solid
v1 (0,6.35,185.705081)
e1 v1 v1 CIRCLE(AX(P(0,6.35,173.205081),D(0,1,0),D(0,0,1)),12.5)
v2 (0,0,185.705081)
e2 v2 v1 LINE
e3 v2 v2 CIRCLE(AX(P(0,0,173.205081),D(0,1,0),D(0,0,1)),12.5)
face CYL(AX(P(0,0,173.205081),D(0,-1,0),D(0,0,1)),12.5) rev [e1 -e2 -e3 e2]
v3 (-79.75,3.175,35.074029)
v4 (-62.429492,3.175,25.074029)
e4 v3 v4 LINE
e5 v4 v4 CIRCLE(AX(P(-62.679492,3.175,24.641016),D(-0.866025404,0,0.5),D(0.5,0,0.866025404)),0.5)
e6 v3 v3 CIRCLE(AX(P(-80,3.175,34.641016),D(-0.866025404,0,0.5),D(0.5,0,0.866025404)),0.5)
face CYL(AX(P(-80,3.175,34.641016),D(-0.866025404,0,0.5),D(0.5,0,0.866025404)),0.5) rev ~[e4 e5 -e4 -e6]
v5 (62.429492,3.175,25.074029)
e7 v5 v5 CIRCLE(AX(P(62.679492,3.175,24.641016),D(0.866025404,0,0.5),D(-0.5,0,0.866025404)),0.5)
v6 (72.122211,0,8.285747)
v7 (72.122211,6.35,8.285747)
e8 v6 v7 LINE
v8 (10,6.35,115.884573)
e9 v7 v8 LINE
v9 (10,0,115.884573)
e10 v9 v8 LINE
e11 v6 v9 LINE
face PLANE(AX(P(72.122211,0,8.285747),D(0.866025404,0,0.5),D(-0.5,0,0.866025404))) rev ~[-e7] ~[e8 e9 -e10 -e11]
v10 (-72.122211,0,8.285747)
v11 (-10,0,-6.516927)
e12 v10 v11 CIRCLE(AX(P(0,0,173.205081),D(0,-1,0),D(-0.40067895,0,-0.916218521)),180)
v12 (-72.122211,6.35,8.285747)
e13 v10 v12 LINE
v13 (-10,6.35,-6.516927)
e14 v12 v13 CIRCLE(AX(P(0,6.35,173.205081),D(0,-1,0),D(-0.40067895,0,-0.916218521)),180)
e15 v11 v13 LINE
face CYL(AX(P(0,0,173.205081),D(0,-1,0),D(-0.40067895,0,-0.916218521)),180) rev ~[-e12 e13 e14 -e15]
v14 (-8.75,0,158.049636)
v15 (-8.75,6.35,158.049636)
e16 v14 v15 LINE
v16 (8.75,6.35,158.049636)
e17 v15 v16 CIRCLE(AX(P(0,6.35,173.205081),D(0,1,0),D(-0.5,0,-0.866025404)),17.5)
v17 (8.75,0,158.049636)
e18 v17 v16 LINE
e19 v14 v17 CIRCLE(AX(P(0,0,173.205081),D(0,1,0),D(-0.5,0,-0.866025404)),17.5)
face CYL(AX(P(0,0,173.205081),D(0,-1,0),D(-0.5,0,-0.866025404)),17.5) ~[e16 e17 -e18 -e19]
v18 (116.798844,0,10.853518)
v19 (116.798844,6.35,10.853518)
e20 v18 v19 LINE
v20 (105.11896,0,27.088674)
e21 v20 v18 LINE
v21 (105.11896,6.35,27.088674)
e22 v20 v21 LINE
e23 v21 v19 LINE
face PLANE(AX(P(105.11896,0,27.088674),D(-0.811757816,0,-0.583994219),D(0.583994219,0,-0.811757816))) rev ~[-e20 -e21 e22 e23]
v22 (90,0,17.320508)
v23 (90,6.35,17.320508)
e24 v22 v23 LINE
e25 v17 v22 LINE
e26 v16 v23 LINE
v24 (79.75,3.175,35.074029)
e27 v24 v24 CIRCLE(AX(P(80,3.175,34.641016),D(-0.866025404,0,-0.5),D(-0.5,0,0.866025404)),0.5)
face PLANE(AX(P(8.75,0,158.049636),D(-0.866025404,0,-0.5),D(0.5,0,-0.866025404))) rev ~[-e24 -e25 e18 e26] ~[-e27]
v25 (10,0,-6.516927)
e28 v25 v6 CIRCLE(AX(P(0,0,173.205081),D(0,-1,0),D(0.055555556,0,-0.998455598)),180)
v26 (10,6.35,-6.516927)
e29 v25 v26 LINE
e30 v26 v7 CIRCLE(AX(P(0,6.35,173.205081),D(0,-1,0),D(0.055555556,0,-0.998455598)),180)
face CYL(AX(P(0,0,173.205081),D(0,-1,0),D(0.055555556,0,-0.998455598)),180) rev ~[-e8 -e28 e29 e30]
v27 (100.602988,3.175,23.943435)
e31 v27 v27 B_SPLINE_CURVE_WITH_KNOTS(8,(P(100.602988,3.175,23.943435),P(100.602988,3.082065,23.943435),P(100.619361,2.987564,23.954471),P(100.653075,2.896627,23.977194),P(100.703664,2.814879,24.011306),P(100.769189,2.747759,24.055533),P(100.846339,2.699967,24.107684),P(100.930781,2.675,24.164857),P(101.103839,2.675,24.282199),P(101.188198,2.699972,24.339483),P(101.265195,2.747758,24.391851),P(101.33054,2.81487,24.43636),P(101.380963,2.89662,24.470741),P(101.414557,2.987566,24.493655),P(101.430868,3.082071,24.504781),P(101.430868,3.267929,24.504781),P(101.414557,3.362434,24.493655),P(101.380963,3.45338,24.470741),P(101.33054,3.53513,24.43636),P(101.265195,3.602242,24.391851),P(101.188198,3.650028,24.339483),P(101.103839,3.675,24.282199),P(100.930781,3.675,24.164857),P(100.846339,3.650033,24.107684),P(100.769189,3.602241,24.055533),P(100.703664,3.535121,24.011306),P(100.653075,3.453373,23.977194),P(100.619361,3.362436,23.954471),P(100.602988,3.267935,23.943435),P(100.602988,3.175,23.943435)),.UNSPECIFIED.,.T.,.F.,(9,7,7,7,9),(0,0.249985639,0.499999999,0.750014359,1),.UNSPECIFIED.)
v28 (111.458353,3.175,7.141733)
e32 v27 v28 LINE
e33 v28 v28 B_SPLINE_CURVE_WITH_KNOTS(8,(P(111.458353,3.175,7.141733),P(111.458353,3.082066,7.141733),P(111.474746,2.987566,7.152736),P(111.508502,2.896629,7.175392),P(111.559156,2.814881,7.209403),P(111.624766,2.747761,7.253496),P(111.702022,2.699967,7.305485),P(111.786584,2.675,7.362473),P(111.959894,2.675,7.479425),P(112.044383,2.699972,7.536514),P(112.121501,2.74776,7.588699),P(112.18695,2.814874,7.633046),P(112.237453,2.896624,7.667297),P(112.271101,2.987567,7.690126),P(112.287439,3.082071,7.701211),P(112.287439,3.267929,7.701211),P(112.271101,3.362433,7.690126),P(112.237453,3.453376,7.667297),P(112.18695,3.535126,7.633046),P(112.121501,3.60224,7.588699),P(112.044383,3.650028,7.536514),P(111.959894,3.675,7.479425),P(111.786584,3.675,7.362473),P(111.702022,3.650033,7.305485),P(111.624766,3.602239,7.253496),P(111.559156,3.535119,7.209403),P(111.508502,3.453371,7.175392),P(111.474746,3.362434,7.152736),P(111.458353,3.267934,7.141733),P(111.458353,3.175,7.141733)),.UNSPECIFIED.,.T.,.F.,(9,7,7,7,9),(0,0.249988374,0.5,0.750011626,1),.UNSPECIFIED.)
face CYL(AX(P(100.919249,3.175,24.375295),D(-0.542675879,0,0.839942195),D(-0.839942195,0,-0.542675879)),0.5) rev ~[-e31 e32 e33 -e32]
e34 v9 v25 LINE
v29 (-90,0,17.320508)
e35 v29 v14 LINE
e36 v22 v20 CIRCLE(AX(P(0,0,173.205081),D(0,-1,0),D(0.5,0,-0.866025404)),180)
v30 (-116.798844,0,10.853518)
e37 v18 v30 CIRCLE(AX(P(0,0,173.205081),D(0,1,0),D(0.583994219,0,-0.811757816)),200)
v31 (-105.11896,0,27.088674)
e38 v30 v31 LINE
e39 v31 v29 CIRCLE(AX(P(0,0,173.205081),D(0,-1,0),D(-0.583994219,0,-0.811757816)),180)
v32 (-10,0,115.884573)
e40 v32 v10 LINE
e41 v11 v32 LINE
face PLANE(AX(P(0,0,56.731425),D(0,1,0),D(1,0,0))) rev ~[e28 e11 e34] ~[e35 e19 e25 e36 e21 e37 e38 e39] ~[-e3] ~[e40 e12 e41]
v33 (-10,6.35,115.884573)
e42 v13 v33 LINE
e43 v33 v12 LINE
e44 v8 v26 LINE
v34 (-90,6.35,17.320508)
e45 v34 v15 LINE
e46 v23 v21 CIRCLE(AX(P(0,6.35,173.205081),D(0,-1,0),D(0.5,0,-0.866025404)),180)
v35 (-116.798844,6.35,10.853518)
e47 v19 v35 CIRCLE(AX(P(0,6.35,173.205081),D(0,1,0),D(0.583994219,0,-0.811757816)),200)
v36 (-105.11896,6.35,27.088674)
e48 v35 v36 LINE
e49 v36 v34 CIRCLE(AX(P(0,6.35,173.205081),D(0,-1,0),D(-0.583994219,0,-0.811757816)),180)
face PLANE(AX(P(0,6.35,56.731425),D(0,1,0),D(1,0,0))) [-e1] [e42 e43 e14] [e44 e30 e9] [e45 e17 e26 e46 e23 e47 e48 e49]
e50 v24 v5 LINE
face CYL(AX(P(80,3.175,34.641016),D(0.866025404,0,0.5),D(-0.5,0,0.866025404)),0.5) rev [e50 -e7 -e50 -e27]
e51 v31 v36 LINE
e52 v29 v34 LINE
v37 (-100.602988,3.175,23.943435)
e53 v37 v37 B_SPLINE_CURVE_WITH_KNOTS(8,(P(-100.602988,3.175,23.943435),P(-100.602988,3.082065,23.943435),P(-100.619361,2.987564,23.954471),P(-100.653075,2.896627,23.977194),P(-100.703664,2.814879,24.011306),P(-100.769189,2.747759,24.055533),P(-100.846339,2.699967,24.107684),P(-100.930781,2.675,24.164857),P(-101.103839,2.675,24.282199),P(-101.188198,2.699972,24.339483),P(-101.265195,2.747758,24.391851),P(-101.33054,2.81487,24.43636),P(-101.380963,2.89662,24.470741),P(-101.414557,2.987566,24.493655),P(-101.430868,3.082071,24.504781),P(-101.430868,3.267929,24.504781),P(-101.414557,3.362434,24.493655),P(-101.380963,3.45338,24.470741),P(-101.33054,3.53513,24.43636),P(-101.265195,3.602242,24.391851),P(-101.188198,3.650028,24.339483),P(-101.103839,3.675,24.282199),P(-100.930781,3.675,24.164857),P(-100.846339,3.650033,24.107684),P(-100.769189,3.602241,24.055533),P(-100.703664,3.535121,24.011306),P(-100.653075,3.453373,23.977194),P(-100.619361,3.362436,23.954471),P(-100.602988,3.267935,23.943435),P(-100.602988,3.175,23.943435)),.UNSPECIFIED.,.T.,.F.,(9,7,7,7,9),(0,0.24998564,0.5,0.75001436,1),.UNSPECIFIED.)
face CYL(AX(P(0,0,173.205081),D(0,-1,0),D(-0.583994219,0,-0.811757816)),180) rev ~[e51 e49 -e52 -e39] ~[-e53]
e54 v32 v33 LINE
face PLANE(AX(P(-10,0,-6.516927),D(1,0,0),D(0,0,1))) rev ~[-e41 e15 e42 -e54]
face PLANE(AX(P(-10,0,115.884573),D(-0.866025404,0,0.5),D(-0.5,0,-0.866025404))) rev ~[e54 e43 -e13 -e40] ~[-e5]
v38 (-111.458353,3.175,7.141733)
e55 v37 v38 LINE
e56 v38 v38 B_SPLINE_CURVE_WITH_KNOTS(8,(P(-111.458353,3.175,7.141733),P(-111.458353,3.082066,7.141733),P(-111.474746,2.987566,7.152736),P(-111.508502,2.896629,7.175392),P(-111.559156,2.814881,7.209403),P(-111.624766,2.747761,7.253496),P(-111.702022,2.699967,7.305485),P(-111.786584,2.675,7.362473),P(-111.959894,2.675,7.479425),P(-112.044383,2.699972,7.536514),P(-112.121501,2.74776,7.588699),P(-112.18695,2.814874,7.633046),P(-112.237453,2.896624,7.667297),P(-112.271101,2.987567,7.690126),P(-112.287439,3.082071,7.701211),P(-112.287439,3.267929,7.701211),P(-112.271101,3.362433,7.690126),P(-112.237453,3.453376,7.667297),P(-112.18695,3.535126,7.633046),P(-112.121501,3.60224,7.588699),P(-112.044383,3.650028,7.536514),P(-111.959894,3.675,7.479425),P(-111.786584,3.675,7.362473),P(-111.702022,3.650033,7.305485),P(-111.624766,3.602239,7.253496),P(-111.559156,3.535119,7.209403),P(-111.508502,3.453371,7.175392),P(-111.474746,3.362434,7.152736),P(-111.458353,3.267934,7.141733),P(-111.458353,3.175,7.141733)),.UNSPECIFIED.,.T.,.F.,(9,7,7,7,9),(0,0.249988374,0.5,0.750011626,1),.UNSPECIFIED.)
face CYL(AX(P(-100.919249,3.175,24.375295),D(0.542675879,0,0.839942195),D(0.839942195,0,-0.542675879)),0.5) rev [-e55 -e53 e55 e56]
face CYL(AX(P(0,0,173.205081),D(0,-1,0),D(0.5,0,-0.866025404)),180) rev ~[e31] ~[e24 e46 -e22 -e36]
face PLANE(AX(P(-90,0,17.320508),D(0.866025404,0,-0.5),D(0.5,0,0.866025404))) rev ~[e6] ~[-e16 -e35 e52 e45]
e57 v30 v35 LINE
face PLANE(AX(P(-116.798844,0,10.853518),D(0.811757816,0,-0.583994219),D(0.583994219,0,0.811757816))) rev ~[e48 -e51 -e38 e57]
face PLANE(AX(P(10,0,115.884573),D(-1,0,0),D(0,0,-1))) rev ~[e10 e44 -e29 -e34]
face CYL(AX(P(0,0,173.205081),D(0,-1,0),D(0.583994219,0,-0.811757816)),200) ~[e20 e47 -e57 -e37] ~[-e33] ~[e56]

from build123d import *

# Parameters (mm, degrees)
SKETCH1_R           = 12.5
BOSS_EXTRUDE1_DEPTH = 6.35
SKETCH2_R           = 0.5
CUT_EXTRUDE1_DEPTH  = 21
SKETCH4_R           = 0.5
CUT_EXTRUDE2_DEPTH  = 258.99218142


with BuildPart() as part:
    # Sketch1 → Boss-Extrude1 (new body)
    with BuildSketch(Plane(origin=(0, 0, 0), x_dir=(1, 0, 0), z_dir=(0, 1, 0))):
        with BuildLine():
            ThreePointArc((-105.118959503, -27.088673899), (-97.681658234, -22.015485729), (-90, -17.320508076))
            Line((-90, -17.320508076), (-8.75, -158.049636191))
            ThreePointArc((-8.75, -158.049636191), (0, -190.705080757), (8.75, -158.049636191))
            Line((8.75, -158.049636191), (90, -17.320508076))
            ThreePointArc((90, -17.320508076), (97.681658234, -22.015485729), (105.118959503, -27.088673899))
            Line((105.118959503, -27.088673899), (116.798843892, -10.853517582))
            ThreePointArc((116.798843892, -10.853517582), (0, 26.794919243), (-116.798843892, -10.853517582))
            Line((-116.798843892, -10.853517582), (-105.118959503, -27.088673899))
        make_face()
        with Locations(Location((0, -173.205080757, 0), (0, 0, 270))):
            Circle(SKETCH1_R, mode=Mode.SUBTRACT)
        with BuildLine():
            Line((-10, -115.884572681), (-72.122211024, -8.285746909))
            ThreePointArc((-72.122211024, -8.285746909), (-41.722825565, 1.892622903), (-10, 6.516926799))
            Line((-10, 6.516926799), (-10, -115.884572681))
        make_face(mode=Mode.SUBTRACT)
        with BuildLine():
            Line((72.122211024, -8.285746909), (10, -115.884572681))
            Line((10, -115.884572681), (10, 6.516926799))
            ThreePointArc((10, 6.516926799), (41.722825565, 1.892622903), (72.122211024, -8.285746909))
        make_face(mode=Mode.SUBTRACT)
    extrude(amount=BOSS_EXTRUDE1_DEPTH)

    # Sketch2 → Cut-Extrude1 (cut)
    with BuildSketch(Plane(origin=(-75, 0, 43.301270189), x_dir=(0.499999999999998, 0, 0.8660254037844398), z_dir=(-0.8660254037844399, 0, 0.49999999999999806))):
        with Locations((-10, 3.175)):
            Circle(SKETCH2_R)
    cut_extrude1 = extrude(amount=-CUT_EXTRUDE1_DEPTH, mode=Mode.SUBTRACT)

    # Sketch4 → Cut-Extrude2 (cut, through all)
    with BuildSketch(Plane(origin=(-18.609768778, 0, -28.803804686), x_dir=(-0.8399421946003115, 0, 0.5426758790751738), z_dir=(-0.5426758790751737, 0, -0.8399421946003114))):
        with Locations(Location((97.99421946, 3.175, 0), (0, 0, 180))):
            Circle(SKETCH4_R)
    cut_extrude2 = extrude(amount=CUT_EXTRUDE2_DEPTH, mode=Mode.SUBTRACT)

    # Mirror1: Cut-Extrude1, Cut-Extrude2 across plane
    add(cut_extrude1.mirror(Plane(origin=(0, 0, 0), x_dir=(0, 0, 1), z_dir=(1, 0, 0))), mode=Mode.SUBTRACT)
    add(cut_extrude2.mirror(Plane(origin=(0, 0, 0), x_dir=(0, 0, 1), z_dir=(1, 0, 0))), mode=Mode.SUBTRACT)


solid = part.part
